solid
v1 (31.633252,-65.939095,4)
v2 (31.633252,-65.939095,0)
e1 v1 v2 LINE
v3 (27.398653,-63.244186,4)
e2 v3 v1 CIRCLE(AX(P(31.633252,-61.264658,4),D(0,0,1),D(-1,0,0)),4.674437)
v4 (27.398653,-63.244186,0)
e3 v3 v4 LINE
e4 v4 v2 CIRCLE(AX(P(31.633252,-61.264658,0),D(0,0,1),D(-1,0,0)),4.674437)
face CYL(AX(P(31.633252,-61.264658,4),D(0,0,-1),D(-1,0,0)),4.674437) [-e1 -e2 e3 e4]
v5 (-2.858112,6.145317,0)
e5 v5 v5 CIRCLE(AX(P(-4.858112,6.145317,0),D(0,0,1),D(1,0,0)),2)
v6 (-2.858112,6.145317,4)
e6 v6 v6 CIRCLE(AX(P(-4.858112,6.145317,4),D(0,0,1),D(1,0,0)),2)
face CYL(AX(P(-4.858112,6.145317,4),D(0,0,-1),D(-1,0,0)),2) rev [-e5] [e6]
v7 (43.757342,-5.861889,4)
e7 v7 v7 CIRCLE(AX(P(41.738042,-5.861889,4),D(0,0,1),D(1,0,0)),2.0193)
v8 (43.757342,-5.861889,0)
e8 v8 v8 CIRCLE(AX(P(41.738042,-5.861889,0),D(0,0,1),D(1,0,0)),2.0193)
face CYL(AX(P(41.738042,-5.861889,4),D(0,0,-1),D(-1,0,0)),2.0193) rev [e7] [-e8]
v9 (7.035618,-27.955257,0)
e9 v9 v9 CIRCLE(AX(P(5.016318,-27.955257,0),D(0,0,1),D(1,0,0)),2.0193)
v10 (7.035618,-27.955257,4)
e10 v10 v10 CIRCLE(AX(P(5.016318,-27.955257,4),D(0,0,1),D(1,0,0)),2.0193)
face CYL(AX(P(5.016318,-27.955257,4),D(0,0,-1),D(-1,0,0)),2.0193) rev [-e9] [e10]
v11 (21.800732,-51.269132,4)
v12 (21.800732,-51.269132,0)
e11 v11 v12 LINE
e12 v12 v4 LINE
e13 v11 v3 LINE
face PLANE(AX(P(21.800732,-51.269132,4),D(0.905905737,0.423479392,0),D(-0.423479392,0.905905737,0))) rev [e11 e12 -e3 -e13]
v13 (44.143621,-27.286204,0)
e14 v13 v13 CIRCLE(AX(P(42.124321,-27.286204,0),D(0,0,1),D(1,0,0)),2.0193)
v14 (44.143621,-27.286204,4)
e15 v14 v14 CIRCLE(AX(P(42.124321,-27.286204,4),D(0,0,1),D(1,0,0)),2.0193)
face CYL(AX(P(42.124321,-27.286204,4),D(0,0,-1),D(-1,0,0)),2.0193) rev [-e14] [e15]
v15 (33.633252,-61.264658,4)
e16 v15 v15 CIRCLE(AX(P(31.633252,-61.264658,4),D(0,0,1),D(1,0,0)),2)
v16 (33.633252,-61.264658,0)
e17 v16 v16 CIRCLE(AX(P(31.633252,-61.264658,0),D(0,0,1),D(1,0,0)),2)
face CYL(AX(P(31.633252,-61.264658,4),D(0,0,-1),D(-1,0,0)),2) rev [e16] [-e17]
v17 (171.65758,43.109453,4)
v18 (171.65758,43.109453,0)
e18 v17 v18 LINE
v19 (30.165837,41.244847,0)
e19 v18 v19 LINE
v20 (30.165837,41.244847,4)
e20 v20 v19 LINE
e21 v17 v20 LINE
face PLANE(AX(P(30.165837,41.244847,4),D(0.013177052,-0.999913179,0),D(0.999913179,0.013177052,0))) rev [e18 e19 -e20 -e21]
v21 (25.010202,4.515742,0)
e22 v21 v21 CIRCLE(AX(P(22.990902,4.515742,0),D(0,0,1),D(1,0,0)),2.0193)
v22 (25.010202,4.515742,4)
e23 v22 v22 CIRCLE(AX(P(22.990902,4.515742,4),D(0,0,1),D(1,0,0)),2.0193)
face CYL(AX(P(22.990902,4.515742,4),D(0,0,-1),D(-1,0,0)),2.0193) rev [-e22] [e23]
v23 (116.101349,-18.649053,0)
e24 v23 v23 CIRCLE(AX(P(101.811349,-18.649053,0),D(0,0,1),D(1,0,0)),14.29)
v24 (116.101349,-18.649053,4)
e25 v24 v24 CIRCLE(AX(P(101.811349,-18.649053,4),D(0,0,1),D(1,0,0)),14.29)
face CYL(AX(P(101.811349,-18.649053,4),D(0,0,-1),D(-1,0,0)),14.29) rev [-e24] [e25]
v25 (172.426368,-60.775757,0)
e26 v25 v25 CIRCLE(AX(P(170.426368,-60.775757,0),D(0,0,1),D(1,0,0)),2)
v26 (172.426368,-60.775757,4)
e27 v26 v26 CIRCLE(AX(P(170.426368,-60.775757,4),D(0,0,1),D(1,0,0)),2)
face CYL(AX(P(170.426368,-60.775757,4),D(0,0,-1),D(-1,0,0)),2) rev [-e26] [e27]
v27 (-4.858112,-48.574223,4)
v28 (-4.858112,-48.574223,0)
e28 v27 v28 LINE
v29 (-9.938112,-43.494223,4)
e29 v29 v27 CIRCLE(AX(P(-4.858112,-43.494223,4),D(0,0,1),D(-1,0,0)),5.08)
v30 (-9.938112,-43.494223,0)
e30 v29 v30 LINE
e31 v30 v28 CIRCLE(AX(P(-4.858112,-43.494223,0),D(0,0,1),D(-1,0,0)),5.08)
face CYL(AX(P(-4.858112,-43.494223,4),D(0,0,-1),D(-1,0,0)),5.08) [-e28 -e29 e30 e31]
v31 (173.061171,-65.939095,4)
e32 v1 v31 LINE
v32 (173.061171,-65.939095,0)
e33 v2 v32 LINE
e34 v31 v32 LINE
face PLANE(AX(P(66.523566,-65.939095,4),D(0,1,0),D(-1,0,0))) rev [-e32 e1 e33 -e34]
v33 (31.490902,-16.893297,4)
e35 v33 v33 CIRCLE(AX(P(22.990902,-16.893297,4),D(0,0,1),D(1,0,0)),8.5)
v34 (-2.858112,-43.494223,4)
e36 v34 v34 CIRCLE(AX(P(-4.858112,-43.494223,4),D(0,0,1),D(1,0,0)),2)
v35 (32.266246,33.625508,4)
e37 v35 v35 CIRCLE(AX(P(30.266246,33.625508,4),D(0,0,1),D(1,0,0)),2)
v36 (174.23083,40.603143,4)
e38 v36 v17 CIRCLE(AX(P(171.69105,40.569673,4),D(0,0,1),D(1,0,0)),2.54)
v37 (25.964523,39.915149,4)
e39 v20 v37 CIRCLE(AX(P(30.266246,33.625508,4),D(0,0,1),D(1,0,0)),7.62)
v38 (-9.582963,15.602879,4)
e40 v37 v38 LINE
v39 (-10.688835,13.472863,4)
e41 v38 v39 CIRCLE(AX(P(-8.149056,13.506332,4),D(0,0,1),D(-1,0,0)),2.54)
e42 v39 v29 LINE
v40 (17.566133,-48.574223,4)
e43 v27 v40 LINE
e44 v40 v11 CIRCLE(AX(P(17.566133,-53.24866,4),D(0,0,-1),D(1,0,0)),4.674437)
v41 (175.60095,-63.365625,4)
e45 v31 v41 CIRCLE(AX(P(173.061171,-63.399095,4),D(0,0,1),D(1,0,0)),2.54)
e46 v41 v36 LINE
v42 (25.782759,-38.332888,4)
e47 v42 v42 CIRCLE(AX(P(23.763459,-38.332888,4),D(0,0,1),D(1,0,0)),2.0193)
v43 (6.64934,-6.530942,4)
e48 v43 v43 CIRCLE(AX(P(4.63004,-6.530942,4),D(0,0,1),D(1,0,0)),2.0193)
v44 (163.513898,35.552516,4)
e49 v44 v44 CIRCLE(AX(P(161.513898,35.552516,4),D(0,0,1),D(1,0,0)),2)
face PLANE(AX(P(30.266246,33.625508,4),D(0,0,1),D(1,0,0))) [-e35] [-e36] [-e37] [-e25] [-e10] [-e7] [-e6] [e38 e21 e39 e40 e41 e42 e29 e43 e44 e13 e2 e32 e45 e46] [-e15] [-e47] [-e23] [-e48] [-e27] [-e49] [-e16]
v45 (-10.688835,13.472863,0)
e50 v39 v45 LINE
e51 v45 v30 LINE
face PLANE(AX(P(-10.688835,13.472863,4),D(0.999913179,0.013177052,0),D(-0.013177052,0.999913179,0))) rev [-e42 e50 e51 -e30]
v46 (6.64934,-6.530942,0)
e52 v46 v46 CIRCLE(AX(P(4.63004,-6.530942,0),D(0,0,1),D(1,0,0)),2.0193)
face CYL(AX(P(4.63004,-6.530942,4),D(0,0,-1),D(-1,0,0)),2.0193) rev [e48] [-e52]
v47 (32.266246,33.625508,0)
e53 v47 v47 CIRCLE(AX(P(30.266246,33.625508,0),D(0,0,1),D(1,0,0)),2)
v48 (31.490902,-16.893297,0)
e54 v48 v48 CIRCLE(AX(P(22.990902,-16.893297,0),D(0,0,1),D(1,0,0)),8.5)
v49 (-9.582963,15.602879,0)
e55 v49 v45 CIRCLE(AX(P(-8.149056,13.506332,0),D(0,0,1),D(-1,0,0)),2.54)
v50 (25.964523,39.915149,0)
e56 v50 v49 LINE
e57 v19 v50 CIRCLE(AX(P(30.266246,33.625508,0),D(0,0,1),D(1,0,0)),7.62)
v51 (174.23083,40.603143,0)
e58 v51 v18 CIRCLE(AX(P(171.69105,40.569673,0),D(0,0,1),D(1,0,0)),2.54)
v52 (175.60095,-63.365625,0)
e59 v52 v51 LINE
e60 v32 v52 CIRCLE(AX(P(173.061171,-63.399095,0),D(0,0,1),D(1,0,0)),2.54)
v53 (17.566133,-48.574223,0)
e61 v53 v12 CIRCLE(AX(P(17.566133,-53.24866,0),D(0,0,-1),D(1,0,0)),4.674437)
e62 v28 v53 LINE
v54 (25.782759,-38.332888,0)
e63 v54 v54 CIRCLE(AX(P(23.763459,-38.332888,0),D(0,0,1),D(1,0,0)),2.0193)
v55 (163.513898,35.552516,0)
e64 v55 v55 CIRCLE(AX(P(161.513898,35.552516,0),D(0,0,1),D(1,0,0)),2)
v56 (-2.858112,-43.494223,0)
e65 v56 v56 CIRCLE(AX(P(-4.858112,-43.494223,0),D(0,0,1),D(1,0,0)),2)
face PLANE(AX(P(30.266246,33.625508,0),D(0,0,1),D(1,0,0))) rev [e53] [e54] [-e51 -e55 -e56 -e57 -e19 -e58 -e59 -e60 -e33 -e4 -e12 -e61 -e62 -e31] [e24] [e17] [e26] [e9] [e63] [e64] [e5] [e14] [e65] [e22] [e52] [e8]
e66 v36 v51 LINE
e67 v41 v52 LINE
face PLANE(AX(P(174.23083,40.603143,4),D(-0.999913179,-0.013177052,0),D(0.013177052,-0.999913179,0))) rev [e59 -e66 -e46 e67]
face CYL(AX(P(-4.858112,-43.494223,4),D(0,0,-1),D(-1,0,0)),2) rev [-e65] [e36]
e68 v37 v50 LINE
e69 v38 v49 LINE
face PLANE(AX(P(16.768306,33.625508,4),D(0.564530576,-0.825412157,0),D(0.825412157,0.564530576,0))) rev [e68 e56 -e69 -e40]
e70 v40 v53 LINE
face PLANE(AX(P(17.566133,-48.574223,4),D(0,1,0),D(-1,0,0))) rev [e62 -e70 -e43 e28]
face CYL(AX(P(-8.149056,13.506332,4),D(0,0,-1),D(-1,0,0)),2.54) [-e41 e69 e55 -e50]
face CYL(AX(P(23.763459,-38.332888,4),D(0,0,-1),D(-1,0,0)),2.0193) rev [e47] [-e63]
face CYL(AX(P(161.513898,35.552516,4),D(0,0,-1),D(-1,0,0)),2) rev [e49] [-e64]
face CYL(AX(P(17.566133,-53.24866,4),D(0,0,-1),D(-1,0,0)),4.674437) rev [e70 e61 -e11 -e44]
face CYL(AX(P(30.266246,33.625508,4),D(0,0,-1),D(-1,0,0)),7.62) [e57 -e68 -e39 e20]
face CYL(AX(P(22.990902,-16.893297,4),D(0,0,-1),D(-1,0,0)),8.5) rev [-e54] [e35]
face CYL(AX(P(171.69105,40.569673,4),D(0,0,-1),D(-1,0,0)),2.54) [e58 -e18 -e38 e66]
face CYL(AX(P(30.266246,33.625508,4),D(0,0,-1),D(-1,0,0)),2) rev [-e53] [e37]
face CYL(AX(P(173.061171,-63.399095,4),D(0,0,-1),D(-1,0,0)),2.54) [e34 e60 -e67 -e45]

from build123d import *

# Parameters (mm, degrees)
SKETCH1_R           = 2
SKETCH1_R_2         = 14.29
SKETCH1_R_3         = 2.0193
SKETCH1_R_4         = 8.5
BOSS_EXTRUDE1_DEPTH = 4


with BuildPart() as part:
    # Sketch1 → Boss-Extrude1 (new body)
    with BuildSketch(Plane.XY):
        with BuildLine():
            Line((17.566132686, -48.57422294), (-4.85811184, -48.57422294))
            ThreePointArc((-4.85811184, -48.57422294), (-8.450214288, -47.086325388), (-9.93811184, -43.49422294))
            Line((-9.93811184, -43.49422294), (-10.688835244, 13.472862597))
            ThreePointArc((-10.688835244, 13.472862597), (-10.403338368, 14.676721118), (-9.582963432, 15.602879187))
            Line((-9.582963432, 15.602879187), (-6.619834827, 17.62947485))
            Line((-6.619834827, 17.62947485), (16.768305704, 33.625508255))
            Line((16.768305704, 33.625508255), (25.964523002, 39.915148892))
            ThreePointArc((25.964523002, 39.915148892), (27.966960045, 40.890333383), (30.165836856, 41.244846678))
            Line((30.165836856, 41.244846678), (171.657580351, 43.10945257))
            ThreePointArc((171.657580351, 43.10945257), (173.463278691, 42.389235045), (174.230829536, 40.603142807))
            Line((174.230829536, 40.603142807), (175.600950315, -63.36562536))
            ThreePointArc((175.600950315, -63.36562536), (174.869016667, -65.183273725), (173.061170841, -65.939095071))
            Line((173.061170841, -65.939095071), (66.523565599, -65.939095071))
            Line((66.523565599, -65.939095071), (31.633252021, -65.939095071))
            ThreePointArc((31.633252021, -65.939095071), (29.123552435, -65.208231246), (27.398652648, -63.244185761))
            Line((27.398652648, -63.244185761), (21.800732059, -51.26913225))
            ThreePointArc((21.800732059, -51.26913225), (20.075832272, -49.305086766), (17.566132686, -48.57422294))
        make_face()
        with Locations((-4.85811184, -43.49422294)):
            Circle(SKETCH1_R, mode=Mode.SUBTRACT)
        with Locations((101.811349412, -18.649052962)):
            Circle(SKETCH1_R_2, mode=Mode.SUBTRACT)
        with Locations((31.633252021, -61.264657987)):
            Circle(SKETCH1_R, mode=Mode.SUBTRACT)
        with Locations((30.266245989, 33.625508255)):
            Circle(SKETCH1_R, mode=Mode.SUBTRACT)
        with Locations((170.426367515, -60.775756941)):
            Circle(SKETCH1_R, mode=Mode.SUBTRACT)
        with Locations((161.513898191, 35.55251649)):
            Circle(SKETCH1_R, mode=Mode.SUBTRACT)
        with Locations((-4.85811184, 6.145317428)):
            Circle(SKETCH1_R, mode=Mode.SUBTRACT)
        with Locations((5.016318477, -27.95525743)):
            Circle(SKETCH1_R_3, mode=Mode.SUBTRACT)
        with Locations((4.630040098, -6.53094231)):
            Circle(SKETCH1_R_3, mode=Mode.SUBTRACT)
        with Locations((22.99090206, 4.515742139)):
            Circle(SKETCH1_R_3, mode=Mode.SUBTRACT)
        with Locations((41.738042402, -5.861888531)):
            Circle(SKETCH1_R_3, mode=Mode.SUBTRACT)
        with Locations((42.124320782, -27.286203651)):
            Circle(SKETCH1_R_3, mode=Mode.SUBTRACT)
        with Locations((23.763458819, -38.3328881)):
            Circle(SKETCH1_R_3, mode=Mode.SUBTRACT)
        with Locations((22.99090206, -16.893296926)):
            Circle(SKETCH1_R_4, mode=Mode.SUBTRACT)
    extrude(amount=BOSS_EXTRUDE1_DEPTH)


solid = part.part
